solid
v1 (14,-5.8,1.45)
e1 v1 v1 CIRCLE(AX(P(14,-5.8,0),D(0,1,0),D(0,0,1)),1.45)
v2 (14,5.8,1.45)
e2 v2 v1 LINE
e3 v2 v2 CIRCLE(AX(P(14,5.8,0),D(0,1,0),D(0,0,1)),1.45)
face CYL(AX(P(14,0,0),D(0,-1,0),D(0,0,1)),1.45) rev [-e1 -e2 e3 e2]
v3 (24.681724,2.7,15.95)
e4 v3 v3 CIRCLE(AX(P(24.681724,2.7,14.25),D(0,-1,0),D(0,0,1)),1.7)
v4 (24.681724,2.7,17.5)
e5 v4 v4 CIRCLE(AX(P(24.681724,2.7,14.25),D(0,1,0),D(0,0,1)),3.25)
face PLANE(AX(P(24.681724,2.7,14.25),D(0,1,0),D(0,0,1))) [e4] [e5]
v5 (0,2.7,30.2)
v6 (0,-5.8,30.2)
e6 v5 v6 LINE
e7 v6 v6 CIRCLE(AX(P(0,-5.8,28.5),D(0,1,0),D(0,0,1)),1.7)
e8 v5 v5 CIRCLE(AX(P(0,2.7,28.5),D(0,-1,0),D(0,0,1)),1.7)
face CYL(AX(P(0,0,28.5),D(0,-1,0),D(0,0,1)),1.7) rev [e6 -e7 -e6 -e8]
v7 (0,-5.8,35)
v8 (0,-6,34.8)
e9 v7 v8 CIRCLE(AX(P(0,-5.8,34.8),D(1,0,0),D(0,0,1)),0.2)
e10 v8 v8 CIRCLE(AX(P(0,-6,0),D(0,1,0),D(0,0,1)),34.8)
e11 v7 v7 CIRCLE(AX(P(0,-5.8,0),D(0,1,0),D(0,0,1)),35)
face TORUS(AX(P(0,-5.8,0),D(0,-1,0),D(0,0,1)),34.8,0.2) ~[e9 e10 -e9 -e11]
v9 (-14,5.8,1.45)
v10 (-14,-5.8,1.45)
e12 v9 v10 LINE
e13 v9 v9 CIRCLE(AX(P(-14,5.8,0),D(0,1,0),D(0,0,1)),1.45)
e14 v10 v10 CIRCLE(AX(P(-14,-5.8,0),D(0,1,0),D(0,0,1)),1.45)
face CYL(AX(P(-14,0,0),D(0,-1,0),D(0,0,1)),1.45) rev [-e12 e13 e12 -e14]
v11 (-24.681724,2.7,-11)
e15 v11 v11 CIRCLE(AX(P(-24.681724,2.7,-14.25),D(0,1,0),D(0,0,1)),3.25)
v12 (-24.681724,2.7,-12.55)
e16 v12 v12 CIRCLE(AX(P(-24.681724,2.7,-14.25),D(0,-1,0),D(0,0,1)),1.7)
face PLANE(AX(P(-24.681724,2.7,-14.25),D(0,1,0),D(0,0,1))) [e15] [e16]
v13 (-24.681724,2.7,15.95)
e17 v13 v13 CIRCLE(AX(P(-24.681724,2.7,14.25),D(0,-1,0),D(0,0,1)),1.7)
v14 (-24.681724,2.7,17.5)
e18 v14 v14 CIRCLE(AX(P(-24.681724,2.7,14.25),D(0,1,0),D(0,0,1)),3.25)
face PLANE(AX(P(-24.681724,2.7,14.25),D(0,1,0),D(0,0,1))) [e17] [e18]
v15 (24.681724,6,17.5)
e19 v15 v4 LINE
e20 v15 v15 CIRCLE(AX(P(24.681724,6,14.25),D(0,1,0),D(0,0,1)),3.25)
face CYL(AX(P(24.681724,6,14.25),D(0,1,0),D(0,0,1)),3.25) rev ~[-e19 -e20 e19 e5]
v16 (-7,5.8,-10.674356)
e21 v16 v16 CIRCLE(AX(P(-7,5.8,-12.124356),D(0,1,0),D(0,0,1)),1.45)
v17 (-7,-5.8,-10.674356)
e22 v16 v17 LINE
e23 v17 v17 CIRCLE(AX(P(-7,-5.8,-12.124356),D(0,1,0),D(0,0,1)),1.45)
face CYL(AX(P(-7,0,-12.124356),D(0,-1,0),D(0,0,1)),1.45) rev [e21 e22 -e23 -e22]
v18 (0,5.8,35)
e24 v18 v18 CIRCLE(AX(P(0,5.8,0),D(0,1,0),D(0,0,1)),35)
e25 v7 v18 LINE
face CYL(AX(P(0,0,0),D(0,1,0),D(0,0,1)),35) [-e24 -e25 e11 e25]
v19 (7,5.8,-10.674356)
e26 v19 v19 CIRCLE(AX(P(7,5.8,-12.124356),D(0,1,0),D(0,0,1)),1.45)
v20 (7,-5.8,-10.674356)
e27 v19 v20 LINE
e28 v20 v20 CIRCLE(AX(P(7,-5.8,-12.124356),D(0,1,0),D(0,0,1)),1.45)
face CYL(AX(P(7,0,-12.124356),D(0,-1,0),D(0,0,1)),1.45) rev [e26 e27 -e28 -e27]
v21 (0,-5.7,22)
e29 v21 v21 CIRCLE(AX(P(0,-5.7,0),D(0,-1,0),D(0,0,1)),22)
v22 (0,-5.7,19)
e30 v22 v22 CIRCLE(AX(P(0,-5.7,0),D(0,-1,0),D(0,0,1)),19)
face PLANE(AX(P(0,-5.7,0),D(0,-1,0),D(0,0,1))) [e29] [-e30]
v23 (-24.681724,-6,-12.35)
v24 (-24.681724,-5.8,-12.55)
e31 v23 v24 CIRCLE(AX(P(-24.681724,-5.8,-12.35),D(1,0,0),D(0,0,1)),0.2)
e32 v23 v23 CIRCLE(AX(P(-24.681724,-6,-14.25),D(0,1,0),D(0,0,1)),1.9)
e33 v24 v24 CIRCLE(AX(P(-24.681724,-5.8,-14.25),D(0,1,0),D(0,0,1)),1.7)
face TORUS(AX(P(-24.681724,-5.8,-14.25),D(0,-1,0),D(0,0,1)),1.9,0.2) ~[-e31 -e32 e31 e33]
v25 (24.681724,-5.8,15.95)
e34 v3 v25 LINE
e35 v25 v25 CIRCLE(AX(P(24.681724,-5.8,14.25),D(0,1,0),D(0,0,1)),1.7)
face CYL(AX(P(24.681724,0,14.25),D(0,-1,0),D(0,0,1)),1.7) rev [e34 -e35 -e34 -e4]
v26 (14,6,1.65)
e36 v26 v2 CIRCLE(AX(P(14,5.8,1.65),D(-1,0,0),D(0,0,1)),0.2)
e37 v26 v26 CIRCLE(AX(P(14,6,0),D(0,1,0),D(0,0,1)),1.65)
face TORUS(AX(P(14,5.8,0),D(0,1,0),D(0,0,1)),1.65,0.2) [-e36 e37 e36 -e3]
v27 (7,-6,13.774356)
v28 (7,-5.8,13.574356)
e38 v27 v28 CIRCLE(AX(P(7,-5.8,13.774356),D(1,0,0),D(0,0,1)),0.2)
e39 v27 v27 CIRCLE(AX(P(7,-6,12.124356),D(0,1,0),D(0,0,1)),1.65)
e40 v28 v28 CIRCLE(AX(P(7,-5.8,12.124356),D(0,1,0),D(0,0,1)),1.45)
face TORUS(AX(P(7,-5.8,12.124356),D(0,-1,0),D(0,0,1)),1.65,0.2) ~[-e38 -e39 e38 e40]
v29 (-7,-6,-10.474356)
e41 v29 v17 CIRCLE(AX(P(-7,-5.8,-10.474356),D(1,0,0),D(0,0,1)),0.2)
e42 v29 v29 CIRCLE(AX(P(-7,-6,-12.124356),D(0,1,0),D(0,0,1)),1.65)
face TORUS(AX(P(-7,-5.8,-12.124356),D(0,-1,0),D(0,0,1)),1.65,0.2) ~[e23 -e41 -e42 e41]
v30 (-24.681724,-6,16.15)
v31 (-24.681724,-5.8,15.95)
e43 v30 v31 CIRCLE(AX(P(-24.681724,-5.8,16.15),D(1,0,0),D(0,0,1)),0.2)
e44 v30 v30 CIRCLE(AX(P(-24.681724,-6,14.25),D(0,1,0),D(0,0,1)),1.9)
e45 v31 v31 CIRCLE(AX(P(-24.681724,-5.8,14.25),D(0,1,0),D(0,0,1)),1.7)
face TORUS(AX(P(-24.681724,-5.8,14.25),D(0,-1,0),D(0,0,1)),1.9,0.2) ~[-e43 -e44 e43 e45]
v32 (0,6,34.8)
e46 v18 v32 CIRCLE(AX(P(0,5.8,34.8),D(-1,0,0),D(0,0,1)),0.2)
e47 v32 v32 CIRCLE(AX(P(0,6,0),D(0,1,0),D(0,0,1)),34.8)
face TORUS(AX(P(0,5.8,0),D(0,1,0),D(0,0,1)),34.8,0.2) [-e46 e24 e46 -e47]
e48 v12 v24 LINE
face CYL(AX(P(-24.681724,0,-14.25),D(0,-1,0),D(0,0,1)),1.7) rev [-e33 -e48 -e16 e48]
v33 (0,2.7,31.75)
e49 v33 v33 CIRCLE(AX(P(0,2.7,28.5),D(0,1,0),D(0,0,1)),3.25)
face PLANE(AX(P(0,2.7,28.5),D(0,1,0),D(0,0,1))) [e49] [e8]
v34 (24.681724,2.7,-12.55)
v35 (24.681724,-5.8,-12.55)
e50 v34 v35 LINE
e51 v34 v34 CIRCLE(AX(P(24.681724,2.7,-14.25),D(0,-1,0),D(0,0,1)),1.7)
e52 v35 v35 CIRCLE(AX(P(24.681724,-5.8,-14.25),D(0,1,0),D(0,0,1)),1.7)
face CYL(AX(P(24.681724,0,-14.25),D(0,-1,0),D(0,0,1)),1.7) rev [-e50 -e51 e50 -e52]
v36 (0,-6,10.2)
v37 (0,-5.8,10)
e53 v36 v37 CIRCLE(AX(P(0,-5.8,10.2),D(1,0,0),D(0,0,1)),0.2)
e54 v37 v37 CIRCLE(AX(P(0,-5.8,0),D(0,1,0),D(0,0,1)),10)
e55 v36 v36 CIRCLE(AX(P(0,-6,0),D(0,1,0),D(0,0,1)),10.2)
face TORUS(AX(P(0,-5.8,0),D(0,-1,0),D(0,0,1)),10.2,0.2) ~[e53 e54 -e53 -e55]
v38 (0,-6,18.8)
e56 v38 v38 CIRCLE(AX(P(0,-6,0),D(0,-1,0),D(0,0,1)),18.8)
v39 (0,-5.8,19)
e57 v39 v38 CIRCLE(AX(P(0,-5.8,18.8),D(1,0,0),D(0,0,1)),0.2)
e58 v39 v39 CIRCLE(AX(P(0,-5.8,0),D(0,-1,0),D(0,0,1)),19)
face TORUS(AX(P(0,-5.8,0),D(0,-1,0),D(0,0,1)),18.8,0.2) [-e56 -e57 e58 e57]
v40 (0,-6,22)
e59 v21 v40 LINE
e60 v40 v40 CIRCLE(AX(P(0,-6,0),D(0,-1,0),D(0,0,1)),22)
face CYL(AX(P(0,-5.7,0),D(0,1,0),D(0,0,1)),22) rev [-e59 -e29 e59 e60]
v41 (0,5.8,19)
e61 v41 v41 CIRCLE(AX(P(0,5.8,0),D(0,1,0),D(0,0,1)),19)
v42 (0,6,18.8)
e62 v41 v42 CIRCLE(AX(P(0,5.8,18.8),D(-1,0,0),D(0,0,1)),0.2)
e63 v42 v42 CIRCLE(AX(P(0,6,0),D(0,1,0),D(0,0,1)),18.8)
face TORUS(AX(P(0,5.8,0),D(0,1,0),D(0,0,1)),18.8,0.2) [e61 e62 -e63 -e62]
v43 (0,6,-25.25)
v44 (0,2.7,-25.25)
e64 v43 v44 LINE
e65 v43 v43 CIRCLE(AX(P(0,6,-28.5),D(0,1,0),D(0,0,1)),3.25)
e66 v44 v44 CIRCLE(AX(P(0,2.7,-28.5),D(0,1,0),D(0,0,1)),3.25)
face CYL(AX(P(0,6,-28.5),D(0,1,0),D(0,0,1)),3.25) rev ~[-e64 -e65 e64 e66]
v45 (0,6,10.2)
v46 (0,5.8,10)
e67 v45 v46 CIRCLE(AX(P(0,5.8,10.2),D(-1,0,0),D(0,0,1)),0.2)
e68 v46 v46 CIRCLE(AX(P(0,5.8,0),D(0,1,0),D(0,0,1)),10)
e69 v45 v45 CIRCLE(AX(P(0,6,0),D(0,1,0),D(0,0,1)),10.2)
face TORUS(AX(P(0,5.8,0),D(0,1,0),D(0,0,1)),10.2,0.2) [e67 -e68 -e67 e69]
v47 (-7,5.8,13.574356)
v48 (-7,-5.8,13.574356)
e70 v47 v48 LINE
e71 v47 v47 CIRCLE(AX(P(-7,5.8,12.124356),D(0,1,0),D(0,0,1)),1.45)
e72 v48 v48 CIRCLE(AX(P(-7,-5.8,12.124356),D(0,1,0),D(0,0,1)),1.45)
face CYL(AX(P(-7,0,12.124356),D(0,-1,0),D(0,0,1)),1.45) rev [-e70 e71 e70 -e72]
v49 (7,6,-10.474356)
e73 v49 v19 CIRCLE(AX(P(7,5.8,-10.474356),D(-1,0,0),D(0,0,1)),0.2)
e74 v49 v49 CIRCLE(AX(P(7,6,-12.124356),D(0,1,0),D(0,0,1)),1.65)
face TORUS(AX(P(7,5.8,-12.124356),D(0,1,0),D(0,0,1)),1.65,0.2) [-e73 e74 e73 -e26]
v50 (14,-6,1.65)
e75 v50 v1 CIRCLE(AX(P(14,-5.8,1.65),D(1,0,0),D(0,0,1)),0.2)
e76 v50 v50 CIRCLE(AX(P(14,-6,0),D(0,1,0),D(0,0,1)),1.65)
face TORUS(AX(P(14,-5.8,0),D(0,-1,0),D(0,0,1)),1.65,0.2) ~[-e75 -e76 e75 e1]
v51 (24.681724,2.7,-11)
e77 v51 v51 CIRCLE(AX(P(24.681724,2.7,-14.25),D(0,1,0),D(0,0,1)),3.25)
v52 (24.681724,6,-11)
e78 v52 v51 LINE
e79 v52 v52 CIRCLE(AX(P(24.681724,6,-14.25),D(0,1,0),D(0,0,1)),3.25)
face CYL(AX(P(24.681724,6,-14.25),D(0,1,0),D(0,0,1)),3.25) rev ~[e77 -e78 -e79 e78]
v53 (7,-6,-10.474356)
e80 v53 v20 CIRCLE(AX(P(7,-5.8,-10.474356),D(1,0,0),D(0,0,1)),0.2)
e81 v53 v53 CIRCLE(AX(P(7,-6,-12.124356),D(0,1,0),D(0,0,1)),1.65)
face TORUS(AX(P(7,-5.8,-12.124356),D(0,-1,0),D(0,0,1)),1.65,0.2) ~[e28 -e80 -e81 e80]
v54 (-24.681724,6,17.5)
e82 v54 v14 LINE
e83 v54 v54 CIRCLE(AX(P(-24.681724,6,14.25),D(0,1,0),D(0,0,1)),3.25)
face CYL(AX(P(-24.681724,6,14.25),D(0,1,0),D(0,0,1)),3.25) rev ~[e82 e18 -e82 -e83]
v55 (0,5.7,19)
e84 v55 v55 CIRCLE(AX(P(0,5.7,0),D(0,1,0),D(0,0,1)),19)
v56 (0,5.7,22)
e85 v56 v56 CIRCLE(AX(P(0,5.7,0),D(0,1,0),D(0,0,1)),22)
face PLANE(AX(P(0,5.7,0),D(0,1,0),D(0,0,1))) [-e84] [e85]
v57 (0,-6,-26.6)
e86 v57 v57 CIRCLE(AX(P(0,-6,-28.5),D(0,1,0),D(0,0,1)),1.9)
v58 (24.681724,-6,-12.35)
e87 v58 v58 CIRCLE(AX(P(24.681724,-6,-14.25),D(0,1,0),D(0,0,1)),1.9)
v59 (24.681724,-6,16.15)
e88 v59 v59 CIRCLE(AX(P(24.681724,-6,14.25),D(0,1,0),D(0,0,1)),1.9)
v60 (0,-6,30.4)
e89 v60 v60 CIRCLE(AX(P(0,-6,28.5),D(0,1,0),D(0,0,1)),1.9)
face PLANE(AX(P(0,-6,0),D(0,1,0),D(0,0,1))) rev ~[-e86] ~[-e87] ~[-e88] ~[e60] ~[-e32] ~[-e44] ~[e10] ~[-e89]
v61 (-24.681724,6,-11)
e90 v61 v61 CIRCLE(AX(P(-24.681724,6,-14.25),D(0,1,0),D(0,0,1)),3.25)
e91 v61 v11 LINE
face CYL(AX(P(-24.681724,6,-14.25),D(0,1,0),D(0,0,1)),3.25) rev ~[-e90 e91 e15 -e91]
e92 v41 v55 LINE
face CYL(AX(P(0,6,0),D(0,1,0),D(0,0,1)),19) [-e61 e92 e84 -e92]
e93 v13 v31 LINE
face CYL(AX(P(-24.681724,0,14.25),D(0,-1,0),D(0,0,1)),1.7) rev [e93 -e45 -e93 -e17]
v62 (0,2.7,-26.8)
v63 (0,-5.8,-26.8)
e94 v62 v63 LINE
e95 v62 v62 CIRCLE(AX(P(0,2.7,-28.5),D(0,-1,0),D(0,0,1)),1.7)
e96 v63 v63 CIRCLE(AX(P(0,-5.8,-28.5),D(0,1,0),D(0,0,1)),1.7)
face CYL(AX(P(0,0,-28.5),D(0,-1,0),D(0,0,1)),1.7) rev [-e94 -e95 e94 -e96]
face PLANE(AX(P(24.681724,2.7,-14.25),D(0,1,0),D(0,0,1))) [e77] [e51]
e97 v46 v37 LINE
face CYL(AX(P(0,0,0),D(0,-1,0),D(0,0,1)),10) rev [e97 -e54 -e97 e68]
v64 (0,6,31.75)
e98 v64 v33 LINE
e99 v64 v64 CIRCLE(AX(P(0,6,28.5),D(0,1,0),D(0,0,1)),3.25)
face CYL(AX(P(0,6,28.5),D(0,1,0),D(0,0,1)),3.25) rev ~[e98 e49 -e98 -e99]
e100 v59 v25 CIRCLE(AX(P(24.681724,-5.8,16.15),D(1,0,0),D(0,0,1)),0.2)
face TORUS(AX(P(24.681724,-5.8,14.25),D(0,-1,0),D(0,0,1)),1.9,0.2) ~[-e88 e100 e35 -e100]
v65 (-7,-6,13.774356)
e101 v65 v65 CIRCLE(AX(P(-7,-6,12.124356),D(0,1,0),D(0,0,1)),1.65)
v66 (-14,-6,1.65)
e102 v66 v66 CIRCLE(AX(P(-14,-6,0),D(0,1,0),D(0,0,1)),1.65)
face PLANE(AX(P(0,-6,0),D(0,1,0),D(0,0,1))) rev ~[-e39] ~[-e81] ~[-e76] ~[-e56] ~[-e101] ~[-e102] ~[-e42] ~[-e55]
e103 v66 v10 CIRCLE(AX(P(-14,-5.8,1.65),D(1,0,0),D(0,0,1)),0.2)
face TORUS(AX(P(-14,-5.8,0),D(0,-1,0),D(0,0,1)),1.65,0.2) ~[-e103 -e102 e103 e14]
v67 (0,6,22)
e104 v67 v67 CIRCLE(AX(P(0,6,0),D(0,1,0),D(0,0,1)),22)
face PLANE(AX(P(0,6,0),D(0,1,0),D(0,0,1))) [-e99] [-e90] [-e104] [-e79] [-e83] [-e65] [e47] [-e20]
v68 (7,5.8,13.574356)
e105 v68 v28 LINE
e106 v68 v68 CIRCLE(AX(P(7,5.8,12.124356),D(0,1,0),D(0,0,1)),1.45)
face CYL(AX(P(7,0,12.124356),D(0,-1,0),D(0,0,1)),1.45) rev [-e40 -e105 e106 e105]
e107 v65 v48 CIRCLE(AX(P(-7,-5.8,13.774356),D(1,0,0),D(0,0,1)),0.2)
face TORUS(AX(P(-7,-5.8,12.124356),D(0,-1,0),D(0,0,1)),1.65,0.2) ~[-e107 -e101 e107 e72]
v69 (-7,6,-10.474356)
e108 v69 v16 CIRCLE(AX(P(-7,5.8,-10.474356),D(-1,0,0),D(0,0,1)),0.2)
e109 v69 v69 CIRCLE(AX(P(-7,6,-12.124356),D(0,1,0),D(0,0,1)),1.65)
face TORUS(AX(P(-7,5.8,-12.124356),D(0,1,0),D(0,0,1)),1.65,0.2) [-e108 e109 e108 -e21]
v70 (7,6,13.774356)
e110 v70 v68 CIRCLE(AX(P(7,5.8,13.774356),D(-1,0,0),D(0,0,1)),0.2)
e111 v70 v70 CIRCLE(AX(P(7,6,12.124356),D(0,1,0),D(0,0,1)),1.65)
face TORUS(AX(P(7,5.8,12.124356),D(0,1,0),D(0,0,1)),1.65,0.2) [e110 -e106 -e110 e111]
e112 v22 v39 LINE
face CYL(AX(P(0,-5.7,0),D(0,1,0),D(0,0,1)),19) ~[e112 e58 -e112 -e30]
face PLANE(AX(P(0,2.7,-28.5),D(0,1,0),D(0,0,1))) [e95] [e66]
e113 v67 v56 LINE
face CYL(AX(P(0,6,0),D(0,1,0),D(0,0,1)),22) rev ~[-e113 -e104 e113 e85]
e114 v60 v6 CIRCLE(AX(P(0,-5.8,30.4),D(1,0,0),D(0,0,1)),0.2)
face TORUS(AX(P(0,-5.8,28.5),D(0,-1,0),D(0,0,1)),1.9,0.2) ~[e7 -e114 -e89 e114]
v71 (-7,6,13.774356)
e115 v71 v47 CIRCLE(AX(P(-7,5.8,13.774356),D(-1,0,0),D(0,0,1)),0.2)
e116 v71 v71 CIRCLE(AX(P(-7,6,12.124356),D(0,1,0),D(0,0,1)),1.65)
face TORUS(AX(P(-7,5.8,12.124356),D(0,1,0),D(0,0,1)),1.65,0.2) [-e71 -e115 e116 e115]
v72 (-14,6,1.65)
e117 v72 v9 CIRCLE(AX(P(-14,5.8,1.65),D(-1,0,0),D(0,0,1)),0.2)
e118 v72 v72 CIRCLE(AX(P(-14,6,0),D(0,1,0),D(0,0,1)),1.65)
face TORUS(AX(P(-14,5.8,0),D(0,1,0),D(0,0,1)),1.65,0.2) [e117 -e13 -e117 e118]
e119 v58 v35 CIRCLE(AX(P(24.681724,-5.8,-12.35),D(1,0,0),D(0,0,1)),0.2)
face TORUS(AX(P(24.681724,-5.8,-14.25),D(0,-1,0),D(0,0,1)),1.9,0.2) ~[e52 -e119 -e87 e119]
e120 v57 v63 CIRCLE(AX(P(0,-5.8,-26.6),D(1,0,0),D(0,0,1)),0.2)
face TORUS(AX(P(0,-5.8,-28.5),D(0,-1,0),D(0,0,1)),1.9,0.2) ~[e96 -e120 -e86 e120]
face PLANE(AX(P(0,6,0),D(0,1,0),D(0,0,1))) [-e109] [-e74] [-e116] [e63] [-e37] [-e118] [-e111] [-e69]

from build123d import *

# Parameters (mm, degrees)
SKETCH_1_R          = 35
SKETCH_1_R_2        = 10
SKETCH_1_R_3        = 1.45
SKETCH_1_R_4        = 1.7
EXTRUDE_1_DEPTH     = 6
SKETCH_2_R          = 22
SKETCH_2_R_2        = 19
CUT_EXTRUDE_1_DEPTH = 0.3
CUT_EXTRUDE_START   = -0.3
SKETCH_3_R          = 22
SKETCH_3_R_2        = 19
CUT_EXTRUDE_2_DEPTH = 0.3
FILLET_1_R          = 0.2
SKETCH_4_R          = 3.25
CUT_EXTRUDE_3_DEPTH = 3.3


with BuildPart() as part:
    # 草图1 → 凸台-拉伸1 (new, symmetric)
    with BuildSketch(Plane(origin=(0, 0, 0), x_dir=(1, 0, 0), z_dir=(0, 1, 0))):
        with Locations(Location((0, 0, 0), (0, 0, 270))):
            Circle(SKETCH_1_R)
        with Locations(Location((0, 0, 0), (0, 0, 270))):
            Circle(SKETCH_1_R_2, mode=Mode.SUBTRACT)
        with Locations(Location((-7, 12.124355653, 0), (0, 0, 270))):
            Circle(SKETCH_1_R_3, mode=Mode.SUBTRACT)
        with Locations(Location((7, 12.124355653, 0), (0, 0, 270))):
            Circle(SKETCH_1_R_3, mode=Mode.SUBTRACT)
        with Locations(Location((14, 0, 0), (0, 0, 270))):
            Circle(SKETCH_1_R_3, mode=Mode.SUBTRACT)
        with Locations(Location((7, -12.124355653, 0), (0, 0, 270))):
            Circle(SKETCH_1_R_3, mode=Mode.SUBTRACT)
        with Locations(Location((-7, -12.124355653, 0), (0, 0, 270))):
            Circle(SKETCH_1_R_3, mode=Mode.SUBTRACT)
        with Locations(Location((-14, 0, 0), (0, 0, 270))):
            Circle(SKETCH_1_R_3, mode=Mode.SUBTRACT)
        with Locations(Location((0, 28.5, 0), (0, 0, 270))):
            Circle(SKETCH_1_R_4, mode=Mode.SUBTRACT)
        with Locations(Location((24.681724008, 14.25, 0), (0, 0, 270))):
            Circle(SKETCH_1_R_4, mode=Mode.SUBTRACT)
        with Locations(Location((24.681724008, -14.25, 0), (0, 0, 270))):
            Circle(SKETCH_1_R_4, mode=Mode.SUBTRACT)
        with Locations(Location((0, -28.5, 0), (0, 0, 270))):
            Circle(SKETCH_1_R_4, mode=Mode.SUBTRACT)
        with Locations(Location((-24.681724008, -14.25, 0), (0, 0, 270))):
            Circle(SKETCH_1_R_4, mode=Mode.SUBTRACT)
        with Locations(Location((-24.681724008, 14.25, 0), (0, 0, 270))):
            Circle(SKETCH_1_R_4, mode=Mode.SUBTRACT)
    extrude(amount=EXTRUDE_1_DEPTH, both=True)

    # 草图2 → 切除-拉伸1 (cut)
    with BuildSketch(Plane(origin=(0, 6, 0), x_dir=(1, 0, 0), z_dir=(0, 1, 0))):
        with Locations(Location((0, 0, 0), (0, 0, 270))):
            Circle(SKETCH_2_R)
        with Locations(Location((0, 0, 0), (0, 0, 270))):
            Circle(SKETCH_2_R_2, mode=Mode.SUBTRACT)
    extrude(amount=-CUT_EXTRUDE_1_DEPTH, mode=Mode.SUBTRACT)

    # 草图3 → 切除-拉伸2 (cut)
    with BuildSketch(Plane.XZ.offset(6).offset(CUT_EXTRUDE_START)):
        with Locations(Location((0, 0, 0), (0, 0, 90))):
            Circle(SKETCH_3_R)
        with Locations(Location((0, 0, 0), (0, 0, 90))):
            Circle(SKETCH_3_R_2, mode=Mode.SUBTRACT)
    extrude(amount=CUT_EXTRUDE_2_DEPTH, mode=Mode.SUBTRACT)

    # 圆角1
    fillet_1_edges = [part.edges().sort_by_distance(p)[0] for p in [
        (7, -6, -13.574355653),
        (7, 6, -13.574355653),
        (14, -6, -1.45),
        (14, 6, -1.45),
        (0, -6, -35),
        (7, -6, 10.674355653),
        (7, 6, 10.674355653),
        (-7, -6, 10.674355653),
        (-7, 6, 10.674355653),
        (-14, -6, -1.45),
        (-14, 6, -1.45),
        (24.681724008, -6, -15.95),
        (0, -6, -30.2),
        (24.681724008, -6, 12.55),
        (0, -6, 26.8),
        (-24.681724008, -6, 12.55),
        (0, 6, -35),
        (-24.681724008, -6, -15.95),
        (0, -6, -10),
        (0, 6, -10),
        (0, 6, -19),
        (0, -6, -19),
        (-7, -6, -13.574355653),
        (-7, 6, -13.574355653),
    ]]
    fillet(fillet_1_edges, radius=FILLET_1_R)

    # 草图4 → 切除-拉伸3 (cut)
    with BuildSketch(Plane(origin=(0, 6, 0), x_dir=(1, 0, 0), z_dir=(0, 1, 0))):
        with Locations(Location((0, 28.5, 0), (0, 0, 270))):
            Circle(SKETCH_4_R)
        with Locations(Location((24.681724008, 14.25, 0), (0, 0, 270))):
            Circle(SKETCH_4_R)
        with Locations(Location((24.681724008, -14.25, 0), (0, 0, 270))):
            Circle(SKETCH_4_R)
        with Locations(Location((0, -28.5, 0), (0, 0, 270))):
            Circle(SKETCH_4_R)
        with Locations(Location((-24.681724008, -14.25, 0), (0, 0, 270))):
            Circle(SKETCH_4_R)
        with Locations(Location((-24.681724008, 14.25, 0), (0, 0, 270))):
            Circle(SKETCH_4_R)
    extrude(amount=-CUT_EXTRUDE_3_DEPTH, mode=Mode.SUBTRACT)


solid = part.part
